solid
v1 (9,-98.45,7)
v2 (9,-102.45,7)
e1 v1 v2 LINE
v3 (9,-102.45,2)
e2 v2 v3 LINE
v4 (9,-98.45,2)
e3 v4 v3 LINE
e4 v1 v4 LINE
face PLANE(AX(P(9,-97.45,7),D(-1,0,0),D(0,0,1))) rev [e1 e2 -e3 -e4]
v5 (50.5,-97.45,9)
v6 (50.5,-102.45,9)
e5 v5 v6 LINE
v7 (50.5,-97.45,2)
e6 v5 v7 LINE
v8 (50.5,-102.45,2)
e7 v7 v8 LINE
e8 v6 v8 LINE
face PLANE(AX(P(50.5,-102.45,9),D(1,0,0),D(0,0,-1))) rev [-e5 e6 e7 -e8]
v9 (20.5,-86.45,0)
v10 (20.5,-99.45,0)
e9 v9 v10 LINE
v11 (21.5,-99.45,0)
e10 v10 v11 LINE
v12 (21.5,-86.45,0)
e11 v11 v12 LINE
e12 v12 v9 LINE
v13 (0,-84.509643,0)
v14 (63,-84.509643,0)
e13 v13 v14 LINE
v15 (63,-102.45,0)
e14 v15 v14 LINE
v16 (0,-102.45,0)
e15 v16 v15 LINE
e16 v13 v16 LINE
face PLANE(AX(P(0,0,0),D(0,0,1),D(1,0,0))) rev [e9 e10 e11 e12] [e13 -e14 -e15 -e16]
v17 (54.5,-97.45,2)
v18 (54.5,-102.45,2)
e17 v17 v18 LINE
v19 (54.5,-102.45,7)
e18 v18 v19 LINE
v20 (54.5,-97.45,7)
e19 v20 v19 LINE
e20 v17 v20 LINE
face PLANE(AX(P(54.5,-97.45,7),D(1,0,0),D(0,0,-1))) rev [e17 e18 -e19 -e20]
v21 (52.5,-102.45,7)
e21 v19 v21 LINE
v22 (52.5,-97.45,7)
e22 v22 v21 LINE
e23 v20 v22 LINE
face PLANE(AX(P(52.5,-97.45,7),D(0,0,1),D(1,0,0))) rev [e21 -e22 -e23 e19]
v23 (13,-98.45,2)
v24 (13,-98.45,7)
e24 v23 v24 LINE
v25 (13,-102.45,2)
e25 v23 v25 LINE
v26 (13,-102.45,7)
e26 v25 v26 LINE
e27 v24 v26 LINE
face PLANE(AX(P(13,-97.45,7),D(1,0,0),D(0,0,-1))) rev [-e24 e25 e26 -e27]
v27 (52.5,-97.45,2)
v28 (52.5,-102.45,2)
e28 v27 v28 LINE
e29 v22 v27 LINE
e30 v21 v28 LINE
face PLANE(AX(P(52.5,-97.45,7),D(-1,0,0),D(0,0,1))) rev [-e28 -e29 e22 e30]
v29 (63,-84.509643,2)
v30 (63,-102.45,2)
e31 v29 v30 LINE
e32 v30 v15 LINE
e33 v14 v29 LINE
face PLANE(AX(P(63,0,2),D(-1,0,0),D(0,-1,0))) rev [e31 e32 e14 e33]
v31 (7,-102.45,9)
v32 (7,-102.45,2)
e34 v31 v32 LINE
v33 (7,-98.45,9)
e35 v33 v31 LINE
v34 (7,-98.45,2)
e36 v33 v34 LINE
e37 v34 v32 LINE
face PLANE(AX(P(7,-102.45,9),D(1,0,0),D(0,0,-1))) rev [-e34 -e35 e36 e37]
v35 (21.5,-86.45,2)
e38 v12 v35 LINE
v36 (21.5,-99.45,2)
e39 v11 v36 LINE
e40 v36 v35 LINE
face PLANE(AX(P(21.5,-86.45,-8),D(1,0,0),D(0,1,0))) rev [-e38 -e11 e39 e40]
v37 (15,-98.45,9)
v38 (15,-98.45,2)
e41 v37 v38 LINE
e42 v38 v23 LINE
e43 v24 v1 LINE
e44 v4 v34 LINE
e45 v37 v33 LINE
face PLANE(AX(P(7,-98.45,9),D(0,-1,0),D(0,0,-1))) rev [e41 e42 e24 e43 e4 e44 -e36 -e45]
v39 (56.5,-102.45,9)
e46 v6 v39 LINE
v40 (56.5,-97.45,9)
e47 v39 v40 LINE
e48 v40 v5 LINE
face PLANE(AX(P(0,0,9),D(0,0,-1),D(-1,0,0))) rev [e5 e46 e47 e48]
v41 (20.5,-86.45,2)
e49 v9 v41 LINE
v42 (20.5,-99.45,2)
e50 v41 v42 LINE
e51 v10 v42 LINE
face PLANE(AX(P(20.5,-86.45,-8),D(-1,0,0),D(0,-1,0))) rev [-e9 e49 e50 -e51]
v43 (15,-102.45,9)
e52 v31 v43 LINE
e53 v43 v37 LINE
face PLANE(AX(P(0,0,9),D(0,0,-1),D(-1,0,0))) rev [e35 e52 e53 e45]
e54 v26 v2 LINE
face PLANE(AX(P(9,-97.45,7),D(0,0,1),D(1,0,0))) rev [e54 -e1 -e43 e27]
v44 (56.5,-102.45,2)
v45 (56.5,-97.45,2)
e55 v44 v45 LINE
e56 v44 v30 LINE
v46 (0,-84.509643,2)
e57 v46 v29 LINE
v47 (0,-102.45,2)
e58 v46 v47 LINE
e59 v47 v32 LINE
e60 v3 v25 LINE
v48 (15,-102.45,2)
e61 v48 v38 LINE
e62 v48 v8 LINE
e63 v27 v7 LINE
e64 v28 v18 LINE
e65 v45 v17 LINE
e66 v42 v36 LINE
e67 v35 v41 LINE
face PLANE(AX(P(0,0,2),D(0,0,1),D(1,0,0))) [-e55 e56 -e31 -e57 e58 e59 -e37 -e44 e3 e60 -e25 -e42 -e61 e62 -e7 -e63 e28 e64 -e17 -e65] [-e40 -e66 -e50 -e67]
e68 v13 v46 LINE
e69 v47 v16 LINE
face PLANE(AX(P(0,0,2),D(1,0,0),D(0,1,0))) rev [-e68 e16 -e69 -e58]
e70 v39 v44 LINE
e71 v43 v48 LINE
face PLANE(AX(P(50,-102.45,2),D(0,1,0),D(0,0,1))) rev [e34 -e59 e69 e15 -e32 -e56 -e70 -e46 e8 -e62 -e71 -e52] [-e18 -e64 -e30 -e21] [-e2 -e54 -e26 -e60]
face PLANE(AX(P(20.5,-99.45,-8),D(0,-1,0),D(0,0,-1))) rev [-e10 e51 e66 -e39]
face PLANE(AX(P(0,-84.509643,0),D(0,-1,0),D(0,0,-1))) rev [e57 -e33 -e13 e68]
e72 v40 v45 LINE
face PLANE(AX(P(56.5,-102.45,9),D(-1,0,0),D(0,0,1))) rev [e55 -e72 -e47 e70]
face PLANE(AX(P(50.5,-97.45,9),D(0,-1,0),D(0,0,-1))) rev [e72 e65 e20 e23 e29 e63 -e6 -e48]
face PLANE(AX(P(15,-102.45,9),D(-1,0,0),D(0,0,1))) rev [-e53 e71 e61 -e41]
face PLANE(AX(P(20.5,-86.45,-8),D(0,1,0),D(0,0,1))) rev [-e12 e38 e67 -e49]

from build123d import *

# Parameters (mm, degrees)
P_IDAT_VYSUNUT_M1_DEPTH        = 2
SKICA3_R                       = 2.45
P_IDAT_VYSUNUT_M3_DEPTH        = 5
P_IDAT_VYSUNUT_M4_DEPTH        = 37.5
SKICA8_W                       = 10
SKICA8_H                       = 10
ODEBRAT_VYSUNUT_M2_DEPTH       = 4
SKICA10_W                      = 27.5
SKICA10_H                      = 79
ODEBRAT_VYSUNUT_M3_DEPTH       = 3
P_IDAT_VYSUNUT_M5_DEPTH        = 1
SKICA13_W                      = 3
SKICA13_H                      = 36.5
ODEBRAT_VYSUNUT_M6_DEPTH       = 103.45
SKICA14_W                      = 3
SKICA14_H                      = 36.5
ODEBRAT_VYSUNUT_M7_DEPTH       = 103.45
SKICA15_W                      = 36.5
SKICA15_H                      = 3
ODEBRAT_VYSUNUT_M8_DEPTH       = 61
SKICA19_W                      = 37
SKICA19_H                      = 13
ODEBRAT_VYSUNUT_M9_DEPTH       = 4
SKICA20_W                      = 63
SKICA20_H                      = 102.45
SKICA20_W_2                    = 57
SKICA20_H_2                    = 79
ODEBRAT_VYSUNUT_M10_DEPTH      = 1
SKICA22_W                      = 8
SKICA22_H                      = 4
SKICA22_W_2                    = 6
SKICA22_H_2                    = 5
P_IDAT_VYSUNUT_M6_DEPTH        = 7
SKICA23_W                      = 4
SKICA23_H                      = 5
SKICA23_W_2                    = 2
ODEBRAT_VYSUNUT_M12_DEPTH      = 5
SKICA25_W                      = 1
SKICA25_H                      = 13
ODEBRAT_VYSUNUT_M13_DEPTH      = 10
SKICA28_W                      = 63
SKICA28_H                      = 84.509642994
ODEBRAT_VYSUNUT_M14_DEPTH      = 8
ODEBRAT_VYSUNUT_M14_DEPTH_BACK = 3


with BuildPart() as part:
    # Skica1 → Přidat vysunutím1 (new body)
    with BuildSketch(Plane.XY):
        Polygon((13, -102.45), (13, -115.45), (50, -115.45), (50, -102.45), (63, -102.45), (63, 0), (0, 0), (0, -102.45), align=None)
    extrude(amount=P_IDAT_VYSUNUT_M1_DEPTH)

    # Skica3 → Přidat vysunutím3 (add)
    with BuildSketch(Plane.XY.offset(2)):
        with Locations((7.55, -6.45)):
            Circle(SKICA3_R)
        with Locations((7.55, -78.45)):
            Circle(SKICA3_R)
        with Locations((55.55, -78.45)):
            Circle(SKICA3_R)
        with Locations((55.55, -6.45)):
            Circle(SKICA3_R)
    extrude(amount=P_IDAT_VYSUNUT_M3_DEPTH)

    # Skica4 → Přidat vysunutím4 (add)
    with BuildSketch(Plane.XY.offset(2)):
        Polygon((63, 0), (63, -102.45), (60, -102.45), (60, -3), (3, -3), (3, -102.45), (0, -102.45), (0, 0), align=None)
    extrude(amount=P_IDAT_VYSUNUT_M4_DEPTH)

    # Skica8 → Odebrat vysunutím2 (cut, through all)
    with BuildSketch(Plane.ZY.offset(-60)):
        with Locations((7, -49)):
            Rectangle(SKICA8_W, SKICA8_H)
    extrude(amount=-ODEBRAT_VYSUNUT_M2_DEPTH, mode=Mode.SUBTRACT)

    # Skica10 → Odebrat vysunutím3 (cut)
    with BuildSketch(Plane.ZY):
        with Locations((25.75, -42.5)):
            Rectangle(SKICA10_W, SKICA10_H)
    extrude(amount=-ODEBRAT_VYSUNUT_M3_DEPTH, mode=Mode.SUBTRACT)

    # Skica11 → Přidat vysunutím5 (add)
    with BuildSketch(Plane.XY.offset(2)):
        Polygon((3, -82), (60, -82), (60, -102.45), (50, -102.45), (50, -115.45), (13, -115.45), (13, -102.45), (3, -102.45), align=None)
    extrude(amount=P_IDAT_VYSUNUT_M5_DEPTH)

    # Skica13 → Odebrat vysunutím6 (cut, through all)
    with BuildSketch(Plane.XZ.offset(102.45)):
        with Locations((1.5, 21.25)):
            Rectangle(SKICA13_W, SKICA13_H)
    extrude(amount=-ODEBRAT_VYSUNUT_M6_DEPTH, mode=Mode.SUBTRACT)

    # Skica14 → Odebrat vysunutím7 (cut, through all)
    with BuildSketch(Plane.XZ.offset(102.45)):
        with Locations((61.5, 21.25)):
            Rectangle(SKICA14_W, SKICA14_H)
    extrude(amount=-ODEBRAT_VYSUNUT_M7_DEPTH, mode=Mode.SUBTRACT)

    # Skica15 → Odebrat vysunutím8 (cut, through all)
    with BuildSketch(Plane.ZY.offset(-3)):
        with Locations((21.25, -1.5)):
            Rectangle(SKICA15_W, SKICA15_H)
    extrude(amount=-ODEBRAT_VYSUNUT_M8_DEPTH, mode=Mode.SUBTRACT)

    # Skica19 → Odebrat vysunutím9 (cut, through all)
    with BuildSketch(Plane.XY.offset(3)):
        with Locations((31.5, -108.95)):
            Rectangle(SKICA19_W, SKICA19_H)
    extrude(amount=-ODEBRAT_VYSUNUT_M9_DEPTH, mode=Mode.SUBTRACT)

    # Skica20 → Odebrat vysunutím10 (cut)
    with BuildSketch(Plane.XY.offset(3)):
        with Locations((31.5, -51.225)):
            Rectangle(SKICA20_W, SKICA20_H)
        with Locations((31.5, -42.5)):
            Rectangle(SKICA20_W_2, SKICA20_H_2, mode=Mode.SUBTRACT)
    extrude(amount=-ODEBRAT_VYSUNUT_M10_DEPTH, mode=Mode.SUBTRACT)

    # Skica22 → Přidat vysunutím6 (add)
    with BuildSketch(Plane.XY.offset(2)):
        with Locations((11, -100.45)):
            Rectangle(SKICA22_W, SKICA22_H)
        with Locations((53.5, -99.95)):
            Rectangle(SKICA22_W_2, SKICA22_H_2)
    extrude(amount=P_IDAT_VYSUNUT_M6_DEPTH)

    # Skica23 → Odebrat vysunutím12 (cut)
    with BuildSketch(Plane.XZ.offset(102.45)):
        with Locations((11, 4.5)):
            Rectangle(SKICA23_W, SKICA23_H)
        with Locations((53.5, 4.5)):
            Rectangle(SKICA23_W_2, SKICA23_H)
    extrude(amount=-ODEBRAT_VYSUNUT_M12_DEPTH, mode=Mode.SUBTRACT)

    # Skica25 → Odebrat vysunutím13 (cut)
    with BuildSketch(Plane.XY.offset(2)):
        with Locations((21, -92.95)):
            Rectangle(SKICA25_W, SKICA25_H)
    extrude(amount=-ODEBRAT_VYSUNUT_M13_DEPTH, mode=Mode.SUBTRACT)

    # Skica28 → Odebrat vysunutím14 (cut, two sides)
    with BuildSketch(Plane.XY.offset(2)) as odebrat_vysunut_m14_sk:
        with Locations((31.5, -42.254821497)):
            Rectangle(SKICA28_W, SKICA28_H)
    extrude(amount=ODEBRAT_VYSUNUT_M14_DEPTH, mode=Mode.SUBTRACT)
    extrude(odebrat_vysunut_m14_sk.sketch, amount=-ODEBRAT_VYSUNUT_M14_DEPTH_BACK, mode=Mode.SUBTRACT)


solid = part.part
